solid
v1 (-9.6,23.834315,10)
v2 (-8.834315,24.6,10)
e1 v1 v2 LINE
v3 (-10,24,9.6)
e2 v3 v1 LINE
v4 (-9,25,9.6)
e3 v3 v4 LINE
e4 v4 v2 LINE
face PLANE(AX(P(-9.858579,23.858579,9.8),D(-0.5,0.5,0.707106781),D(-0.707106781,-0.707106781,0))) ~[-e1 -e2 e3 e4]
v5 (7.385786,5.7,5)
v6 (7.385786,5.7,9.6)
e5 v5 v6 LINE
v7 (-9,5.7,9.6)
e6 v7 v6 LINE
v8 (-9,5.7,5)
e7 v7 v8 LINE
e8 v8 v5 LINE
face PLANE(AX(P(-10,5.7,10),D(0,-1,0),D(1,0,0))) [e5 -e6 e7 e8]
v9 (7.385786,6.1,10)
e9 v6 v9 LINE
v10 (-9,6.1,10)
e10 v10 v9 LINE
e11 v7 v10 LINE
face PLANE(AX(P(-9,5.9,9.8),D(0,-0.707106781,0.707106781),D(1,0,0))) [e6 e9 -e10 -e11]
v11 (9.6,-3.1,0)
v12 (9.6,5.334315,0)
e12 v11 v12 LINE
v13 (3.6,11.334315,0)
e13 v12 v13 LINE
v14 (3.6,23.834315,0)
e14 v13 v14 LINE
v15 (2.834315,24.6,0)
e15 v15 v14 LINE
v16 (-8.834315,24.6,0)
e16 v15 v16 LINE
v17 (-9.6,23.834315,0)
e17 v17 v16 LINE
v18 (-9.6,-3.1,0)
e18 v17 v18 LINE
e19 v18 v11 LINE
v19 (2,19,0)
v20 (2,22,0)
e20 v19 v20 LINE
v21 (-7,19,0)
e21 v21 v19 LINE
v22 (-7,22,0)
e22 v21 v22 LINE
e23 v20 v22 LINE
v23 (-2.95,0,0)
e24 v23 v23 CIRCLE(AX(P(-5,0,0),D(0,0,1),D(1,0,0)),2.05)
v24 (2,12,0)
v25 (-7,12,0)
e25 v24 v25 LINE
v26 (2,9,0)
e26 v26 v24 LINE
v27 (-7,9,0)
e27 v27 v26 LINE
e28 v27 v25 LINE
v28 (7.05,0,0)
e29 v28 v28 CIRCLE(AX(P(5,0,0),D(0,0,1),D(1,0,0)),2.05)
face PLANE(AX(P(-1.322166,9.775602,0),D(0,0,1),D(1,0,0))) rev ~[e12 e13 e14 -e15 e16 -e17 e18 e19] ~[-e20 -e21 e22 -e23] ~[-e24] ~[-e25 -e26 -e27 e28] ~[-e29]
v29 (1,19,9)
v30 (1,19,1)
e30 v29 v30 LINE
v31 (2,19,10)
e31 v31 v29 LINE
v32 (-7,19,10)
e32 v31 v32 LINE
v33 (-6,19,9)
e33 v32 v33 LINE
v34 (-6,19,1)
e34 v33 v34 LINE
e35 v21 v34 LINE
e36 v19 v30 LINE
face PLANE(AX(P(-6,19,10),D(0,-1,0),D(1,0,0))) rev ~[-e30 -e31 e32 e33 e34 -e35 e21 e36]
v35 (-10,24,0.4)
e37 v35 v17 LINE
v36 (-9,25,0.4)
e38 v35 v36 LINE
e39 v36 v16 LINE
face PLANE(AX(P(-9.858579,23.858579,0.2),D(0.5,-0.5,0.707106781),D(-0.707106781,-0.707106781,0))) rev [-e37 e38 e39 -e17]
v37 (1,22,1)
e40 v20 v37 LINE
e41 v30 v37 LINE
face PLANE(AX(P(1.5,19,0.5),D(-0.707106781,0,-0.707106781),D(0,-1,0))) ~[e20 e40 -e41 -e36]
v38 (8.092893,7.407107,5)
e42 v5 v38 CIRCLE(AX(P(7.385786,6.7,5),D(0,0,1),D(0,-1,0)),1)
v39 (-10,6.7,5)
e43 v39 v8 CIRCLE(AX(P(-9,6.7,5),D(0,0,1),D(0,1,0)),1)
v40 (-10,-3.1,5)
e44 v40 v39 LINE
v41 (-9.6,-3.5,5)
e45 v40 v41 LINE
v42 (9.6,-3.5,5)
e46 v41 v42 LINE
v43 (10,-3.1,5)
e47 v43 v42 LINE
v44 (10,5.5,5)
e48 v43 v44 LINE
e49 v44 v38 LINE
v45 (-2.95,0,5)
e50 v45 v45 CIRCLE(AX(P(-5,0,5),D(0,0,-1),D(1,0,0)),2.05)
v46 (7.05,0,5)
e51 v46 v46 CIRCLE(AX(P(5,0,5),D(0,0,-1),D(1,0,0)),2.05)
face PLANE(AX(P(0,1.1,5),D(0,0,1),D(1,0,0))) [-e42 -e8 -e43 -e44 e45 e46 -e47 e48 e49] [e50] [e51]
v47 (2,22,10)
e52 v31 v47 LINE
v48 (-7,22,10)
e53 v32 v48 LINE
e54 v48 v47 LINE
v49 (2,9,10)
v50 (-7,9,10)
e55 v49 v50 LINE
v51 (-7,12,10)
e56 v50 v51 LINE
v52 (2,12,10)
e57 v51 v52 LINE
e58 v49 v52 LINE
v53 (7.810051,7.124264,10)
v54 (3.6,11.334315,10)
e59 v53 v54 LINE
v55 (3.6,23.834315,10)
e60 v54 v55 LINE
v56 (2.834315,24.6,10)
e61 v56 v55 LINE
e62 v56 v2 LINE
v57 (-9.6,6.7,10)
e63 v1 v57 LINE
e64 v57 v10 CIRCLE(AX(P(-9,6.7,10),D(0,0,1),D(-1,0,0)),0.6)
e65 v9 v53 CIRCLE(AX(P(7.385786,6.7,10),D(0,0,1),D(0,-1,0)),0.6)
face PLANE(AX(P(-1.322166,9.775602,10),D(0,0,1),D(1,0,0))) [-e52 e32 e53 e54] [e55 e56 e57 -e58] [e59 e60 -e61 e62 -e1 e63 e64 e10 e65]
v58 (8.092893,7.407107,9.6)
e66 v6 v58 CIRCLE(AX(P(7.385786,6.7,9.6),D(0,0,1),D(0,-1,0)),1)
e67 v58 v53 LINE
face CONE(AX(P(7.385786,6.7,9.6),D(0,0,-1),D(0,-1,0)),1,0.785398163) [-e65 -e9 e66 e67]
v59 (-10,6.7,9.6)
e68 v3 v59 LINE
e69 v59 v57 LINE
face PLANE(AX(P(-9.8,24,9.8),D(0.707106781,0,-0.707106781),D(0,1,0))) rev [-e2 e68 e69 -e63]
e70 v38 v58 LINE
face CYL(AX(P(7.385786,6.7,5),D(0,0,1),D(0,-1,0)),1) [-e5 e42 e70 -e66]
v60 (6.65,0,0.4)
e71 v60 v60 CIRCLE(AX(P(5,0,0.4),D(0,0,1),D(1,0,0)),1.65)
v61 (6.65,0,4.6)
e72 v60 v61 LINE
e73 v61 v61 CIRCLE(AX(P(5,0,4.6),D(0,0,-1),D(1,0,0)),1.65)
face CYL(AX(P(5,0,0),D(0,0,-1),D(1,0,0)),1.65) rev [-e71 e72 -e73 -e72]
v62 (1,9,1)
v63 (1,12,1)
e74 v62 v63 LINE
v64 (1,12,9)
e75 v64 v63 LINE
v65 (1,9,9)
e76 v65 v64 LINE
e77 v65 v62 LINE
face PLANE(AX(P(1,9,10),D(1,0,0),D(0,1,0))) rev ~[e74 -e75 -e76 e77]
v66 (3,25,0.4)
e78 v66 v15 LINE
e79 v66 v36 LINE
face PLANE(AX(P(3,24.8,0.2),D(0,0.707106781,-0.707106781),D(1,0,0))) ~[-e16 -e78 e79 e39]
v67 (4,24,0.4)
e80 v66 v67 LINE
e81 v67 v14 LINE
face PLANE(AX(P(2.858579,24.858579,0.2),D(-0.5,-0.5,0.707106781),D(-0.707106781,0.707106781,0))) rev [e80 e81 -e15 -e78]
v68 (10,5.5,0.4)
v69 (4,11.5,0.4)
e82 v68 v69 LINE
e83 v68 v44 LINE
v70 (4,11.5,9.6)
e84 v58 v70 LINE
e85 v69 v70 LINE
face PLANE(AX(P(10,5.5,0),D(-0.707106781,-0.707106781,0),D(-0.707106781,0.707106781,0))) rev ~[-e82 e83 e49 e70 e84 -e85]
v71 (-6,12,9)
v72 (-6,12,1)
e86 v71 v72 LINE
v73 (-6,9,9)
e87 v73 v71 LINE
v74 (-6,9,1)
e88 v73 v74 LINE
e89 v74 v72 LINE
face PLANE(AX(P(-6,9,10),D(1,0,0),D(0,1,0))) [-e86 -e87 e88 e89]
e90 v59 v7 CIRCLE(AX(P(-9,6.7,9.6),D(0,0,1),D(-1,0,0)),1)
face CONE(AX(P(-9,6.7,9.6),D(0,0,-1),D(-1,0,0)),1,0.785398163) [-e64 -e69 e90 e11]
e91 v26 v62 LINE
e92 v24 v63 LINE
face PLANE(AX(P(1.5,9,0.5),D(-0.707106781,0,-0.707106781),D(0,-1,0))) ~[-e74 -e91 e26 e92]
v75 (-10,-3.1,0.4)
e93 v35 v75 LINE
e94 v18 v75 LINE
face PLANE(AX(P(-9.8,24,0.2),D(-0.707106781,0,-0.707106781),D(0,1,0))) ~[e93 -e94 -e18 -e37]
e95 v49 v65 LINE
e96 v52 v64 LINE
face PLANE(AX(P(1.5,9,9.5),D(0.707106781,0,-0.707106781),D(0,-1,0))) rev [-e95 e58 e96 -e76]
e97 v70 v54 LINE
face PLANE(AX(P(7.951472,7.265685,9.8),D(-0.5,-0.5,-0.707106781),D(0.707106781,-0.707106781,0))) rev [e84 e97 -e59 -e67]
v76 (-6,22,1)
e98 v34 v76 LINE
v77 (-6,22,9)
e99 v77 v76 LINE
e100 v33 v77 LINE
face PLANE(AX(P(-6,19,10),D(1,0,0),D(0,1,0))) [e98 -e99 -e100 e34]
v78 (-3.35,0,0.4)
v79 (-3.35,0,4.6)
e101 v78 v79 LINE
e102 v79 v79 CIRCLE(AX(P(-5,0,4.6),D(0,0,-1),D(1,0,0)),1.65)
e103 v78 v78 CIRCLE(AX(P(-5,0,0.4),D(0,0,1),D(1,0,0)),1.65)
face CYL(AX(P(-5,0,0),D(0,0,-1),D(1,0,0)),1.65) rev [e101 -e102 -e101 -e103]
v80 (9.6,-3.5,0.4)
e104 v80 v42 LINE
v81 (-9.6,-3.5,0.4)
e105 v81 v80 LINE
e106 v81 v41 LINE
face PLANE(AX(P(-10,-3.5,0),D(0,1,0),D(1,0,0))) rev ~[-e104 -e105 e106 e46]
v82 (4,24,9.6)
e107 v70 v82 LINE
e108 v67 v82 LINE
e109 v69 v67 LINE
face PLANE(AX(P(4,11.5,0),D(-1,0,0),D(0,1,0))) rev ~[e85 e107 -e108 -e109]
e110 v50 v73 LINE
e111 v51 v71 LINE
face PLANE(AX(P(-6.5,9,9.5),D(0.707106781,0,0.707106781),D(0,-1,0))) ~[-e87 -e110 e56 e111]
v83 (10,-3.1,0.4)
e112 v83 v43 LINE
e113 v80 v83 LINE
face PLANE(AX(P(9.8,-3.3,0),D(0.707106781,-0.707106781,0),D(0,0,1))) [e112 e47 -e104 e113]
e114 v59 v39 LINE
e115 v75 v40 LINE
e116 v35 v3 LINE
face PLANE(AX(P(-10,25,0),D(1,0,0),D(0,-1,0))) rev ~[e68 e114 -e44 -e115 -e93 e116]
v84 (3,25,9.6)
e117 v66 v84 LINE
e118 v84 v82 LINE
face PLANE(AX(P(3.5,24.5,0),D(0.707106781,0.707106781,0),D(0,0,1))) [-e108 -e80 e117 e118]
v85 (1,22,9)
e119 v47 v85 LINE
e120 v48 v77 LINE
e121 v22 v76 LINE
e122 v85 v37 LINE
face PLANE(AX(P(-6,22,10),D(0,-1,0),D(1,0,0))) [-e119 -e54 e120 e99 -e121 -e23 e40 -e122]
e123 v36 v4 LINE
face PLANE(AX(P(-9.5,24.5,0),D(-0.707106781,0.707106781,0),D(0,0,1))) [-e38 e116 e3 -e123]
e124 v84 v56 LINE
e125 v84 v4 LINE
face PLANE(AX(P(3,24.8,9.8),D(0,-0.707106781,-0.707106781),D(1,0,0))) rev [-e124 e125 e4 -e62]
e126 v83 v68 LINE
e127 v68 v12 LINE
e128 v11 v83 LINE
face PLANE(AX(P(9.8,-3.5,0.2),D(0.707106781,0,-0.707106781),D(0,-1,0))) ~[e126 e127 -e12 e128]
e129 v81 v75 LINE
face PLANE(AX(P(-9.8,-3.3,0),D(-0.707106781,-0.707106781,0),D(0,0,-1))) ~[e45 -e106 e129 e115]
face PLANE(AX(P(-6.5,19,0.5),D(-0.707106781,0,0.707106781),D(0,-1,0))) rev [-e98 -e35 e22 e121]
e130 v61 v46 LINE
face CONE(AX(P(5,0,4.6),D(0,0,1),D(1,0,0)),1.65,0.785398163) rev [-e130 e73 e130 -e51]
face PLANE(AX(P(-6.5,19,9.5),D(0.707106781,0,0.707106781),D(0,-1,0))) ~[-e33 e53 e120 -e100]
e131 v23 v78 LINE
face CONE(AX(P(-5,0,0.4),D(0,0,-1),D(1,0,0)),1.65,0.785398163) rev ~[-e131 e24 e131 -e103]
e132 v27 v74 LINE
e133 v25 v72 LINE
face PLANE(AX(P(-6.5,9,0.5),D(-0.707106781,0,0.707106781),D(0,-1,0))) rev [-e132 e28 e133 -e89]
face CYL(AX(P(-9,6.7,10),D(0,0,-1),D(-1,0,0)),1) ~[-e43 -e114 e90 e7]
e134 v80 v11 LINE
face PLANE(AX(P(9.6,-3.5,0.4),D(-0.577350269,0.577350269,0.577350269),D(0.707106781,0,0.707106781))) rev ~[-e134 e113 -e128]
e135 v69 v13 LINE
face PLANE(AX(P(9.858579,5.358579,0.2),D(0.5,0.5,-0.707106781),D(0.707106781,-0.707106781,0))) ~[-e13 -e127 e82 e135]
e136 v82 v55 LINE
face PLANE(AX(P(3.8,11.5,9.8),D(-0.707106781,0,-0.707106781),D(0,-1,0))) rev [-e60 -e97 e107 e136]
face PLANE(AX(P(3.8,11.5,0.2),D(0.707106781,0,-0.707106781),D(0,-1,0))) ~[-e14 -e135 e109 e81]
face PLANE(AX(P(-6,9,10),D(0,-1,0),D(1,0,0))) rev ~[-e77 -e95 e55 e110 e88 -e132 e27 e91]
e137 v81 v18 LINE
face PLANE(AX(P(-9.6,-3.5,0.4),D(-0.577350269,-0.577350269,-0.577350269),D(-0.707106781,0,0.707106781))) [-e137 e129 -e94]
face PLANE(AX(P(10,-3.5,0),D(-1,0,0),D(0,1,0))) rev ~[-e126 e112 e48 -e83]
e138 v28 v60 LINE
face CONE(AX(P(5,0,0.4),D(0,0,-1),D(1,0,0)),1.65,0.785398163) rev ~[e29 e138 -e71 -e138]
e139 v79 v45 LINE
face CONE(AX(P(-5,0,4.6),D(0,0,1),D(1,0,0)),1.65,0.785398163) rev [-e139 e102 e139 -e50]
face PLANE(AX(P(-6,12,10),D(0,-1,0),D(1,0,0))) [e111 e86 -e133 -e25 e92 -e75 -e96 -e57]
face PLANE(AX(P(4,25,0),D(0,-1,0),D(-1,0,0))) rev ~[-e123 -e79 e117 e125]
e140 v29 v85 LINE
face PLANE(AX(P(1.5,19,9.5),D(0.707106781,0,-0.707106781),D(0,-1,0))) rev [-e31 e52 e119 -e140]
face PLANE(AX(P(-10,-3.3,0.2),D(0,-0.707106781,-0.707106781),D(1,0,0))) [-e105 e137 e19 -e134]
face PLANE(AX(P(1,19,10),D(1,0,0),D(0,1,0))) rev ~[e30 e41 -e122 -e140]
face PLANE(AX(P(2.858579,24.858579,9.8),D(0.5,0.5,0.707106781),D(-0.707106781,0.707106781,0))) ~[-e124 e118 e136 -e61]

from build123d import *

# Parameters (mm, degrees)
SKETCH041_R     = 1.65
PAD008_DEPTH    = 10
SKETCH042_W     = 7
SKETCH042_H     = 3
POCKET028_DEPTH = 10.001
CHAMFER014_SIZE = 1
SKETCH043_W     = 20
SKETCH043_H     = 9.2
POCKET029_DEPTH = 5
FILLET004_R     = 1
CHAMFER015_SIZE = 0.4


with BuildPart() as part:
    # Sketch041 → Pad008 (new body)
    with BuildSketch(Plane.XY):
        Polygon((-10, -3.5), (10, -3.5), (10, 5.5), (4, 11.5), (4, 25), (-10, 25), align=None)
        with Locations((-5, 0)):
            Circle(SKETCH041_R, mode=Mode.SUBTRACT)
        with Locations((5, 0)):
            Circle(SKETCH041_R, mode=Mode.SUBTRACT)
    extrude(amount=PAD008_DEPTH)

    # Sketch042 (on Face10 of Pad008) → Pocket028 (cut, through all)
    with BuildSketch(Plane.XY.offset(10)):
        with Locations((-2.5, 20.5)):
            Rectangle(SKETCH042_W, SKETCH042_H)
        with Locations((-2.5, 10.5)):
            Rectangle(SKETCH042_W, SKETCH042_H)
    extrude(amount=-POCKET028_DEPTH, mode=Mode.SUBTRACT)

    # Chamfer014
    chamfer014_edges = [part.edges().sort_by_distance(p)[0] for p in [
        (-10, 25, 5),
        (4, 25, 5),
        (-6, 20.5, 10),
        (-6, 10.5, 10),
        (1, 10.5, 10),
        (1, 20.5, 10),
        (-6, 20.5, 0),
        (1, 20.5, 0),
        (-6, 10.5, 0),
        (1, 10.5, 0),
    ]]
    chamfer(chamfer014_edges, length=CHAMFER014_SIZE)

    # Sketch043 (on Face5 of Chamfer014) → Pocket029 (cut)
    with BuildSketch(Plane.XY.offset(10)):
        with Locations((0, 1.1)):
            Rectangle(SKETCH043_W, SKETCH043_H)
    extrude(amount=-POCKET029_DEPTH, mode=Mode.SUBTRACT)

    # Fillet004
    fillet004_edges = [part.edges().sort_by_distance(p)[0] for p in [
        (9.8, 5.7, 7.5),
        (-10, 5.7, 7.5),
    ]]
    fillet(fillet004_edges, radius=FILLET004_R)

    # Chamfer015
    chamfer015_edges = [part.edges().sort_by_distance(p)[0] for p in [
        (-10, 10.25, 0),
        (-9.5, 24.5, 0),
        (-3, 25, 0),
        (3.5, 24.5, 0),
        (4, 17.75, 0),
        (7, 8.5, 0),
        (10, 1, 0),
        (3.35, 0, 0),
        (-6.65, 0, 0),
        (0, -3.5, 0),
        (-10, -3.5, 2.5),
        (10, -3.5, 2.5),
        (8.309666, 6.317317, 10),
        (-0.807107, 5.7, 10),
        (-9.707107, 5.992893, 10),
        (-10, 15.35, 10),
        (-9.5, 24.5, 10),
        (-3, 25, 10),
        (3.5, 24.5, 10),
        (4, 17.75, 10),
        (6.046447, 9.453553, 10),
        (-6.65, 0, 5),
        (3.35, 0, 5),
    ]]
    chamfer(chamfer015_edges, length=CHAMFER015_SIZE)


solid = part.part
